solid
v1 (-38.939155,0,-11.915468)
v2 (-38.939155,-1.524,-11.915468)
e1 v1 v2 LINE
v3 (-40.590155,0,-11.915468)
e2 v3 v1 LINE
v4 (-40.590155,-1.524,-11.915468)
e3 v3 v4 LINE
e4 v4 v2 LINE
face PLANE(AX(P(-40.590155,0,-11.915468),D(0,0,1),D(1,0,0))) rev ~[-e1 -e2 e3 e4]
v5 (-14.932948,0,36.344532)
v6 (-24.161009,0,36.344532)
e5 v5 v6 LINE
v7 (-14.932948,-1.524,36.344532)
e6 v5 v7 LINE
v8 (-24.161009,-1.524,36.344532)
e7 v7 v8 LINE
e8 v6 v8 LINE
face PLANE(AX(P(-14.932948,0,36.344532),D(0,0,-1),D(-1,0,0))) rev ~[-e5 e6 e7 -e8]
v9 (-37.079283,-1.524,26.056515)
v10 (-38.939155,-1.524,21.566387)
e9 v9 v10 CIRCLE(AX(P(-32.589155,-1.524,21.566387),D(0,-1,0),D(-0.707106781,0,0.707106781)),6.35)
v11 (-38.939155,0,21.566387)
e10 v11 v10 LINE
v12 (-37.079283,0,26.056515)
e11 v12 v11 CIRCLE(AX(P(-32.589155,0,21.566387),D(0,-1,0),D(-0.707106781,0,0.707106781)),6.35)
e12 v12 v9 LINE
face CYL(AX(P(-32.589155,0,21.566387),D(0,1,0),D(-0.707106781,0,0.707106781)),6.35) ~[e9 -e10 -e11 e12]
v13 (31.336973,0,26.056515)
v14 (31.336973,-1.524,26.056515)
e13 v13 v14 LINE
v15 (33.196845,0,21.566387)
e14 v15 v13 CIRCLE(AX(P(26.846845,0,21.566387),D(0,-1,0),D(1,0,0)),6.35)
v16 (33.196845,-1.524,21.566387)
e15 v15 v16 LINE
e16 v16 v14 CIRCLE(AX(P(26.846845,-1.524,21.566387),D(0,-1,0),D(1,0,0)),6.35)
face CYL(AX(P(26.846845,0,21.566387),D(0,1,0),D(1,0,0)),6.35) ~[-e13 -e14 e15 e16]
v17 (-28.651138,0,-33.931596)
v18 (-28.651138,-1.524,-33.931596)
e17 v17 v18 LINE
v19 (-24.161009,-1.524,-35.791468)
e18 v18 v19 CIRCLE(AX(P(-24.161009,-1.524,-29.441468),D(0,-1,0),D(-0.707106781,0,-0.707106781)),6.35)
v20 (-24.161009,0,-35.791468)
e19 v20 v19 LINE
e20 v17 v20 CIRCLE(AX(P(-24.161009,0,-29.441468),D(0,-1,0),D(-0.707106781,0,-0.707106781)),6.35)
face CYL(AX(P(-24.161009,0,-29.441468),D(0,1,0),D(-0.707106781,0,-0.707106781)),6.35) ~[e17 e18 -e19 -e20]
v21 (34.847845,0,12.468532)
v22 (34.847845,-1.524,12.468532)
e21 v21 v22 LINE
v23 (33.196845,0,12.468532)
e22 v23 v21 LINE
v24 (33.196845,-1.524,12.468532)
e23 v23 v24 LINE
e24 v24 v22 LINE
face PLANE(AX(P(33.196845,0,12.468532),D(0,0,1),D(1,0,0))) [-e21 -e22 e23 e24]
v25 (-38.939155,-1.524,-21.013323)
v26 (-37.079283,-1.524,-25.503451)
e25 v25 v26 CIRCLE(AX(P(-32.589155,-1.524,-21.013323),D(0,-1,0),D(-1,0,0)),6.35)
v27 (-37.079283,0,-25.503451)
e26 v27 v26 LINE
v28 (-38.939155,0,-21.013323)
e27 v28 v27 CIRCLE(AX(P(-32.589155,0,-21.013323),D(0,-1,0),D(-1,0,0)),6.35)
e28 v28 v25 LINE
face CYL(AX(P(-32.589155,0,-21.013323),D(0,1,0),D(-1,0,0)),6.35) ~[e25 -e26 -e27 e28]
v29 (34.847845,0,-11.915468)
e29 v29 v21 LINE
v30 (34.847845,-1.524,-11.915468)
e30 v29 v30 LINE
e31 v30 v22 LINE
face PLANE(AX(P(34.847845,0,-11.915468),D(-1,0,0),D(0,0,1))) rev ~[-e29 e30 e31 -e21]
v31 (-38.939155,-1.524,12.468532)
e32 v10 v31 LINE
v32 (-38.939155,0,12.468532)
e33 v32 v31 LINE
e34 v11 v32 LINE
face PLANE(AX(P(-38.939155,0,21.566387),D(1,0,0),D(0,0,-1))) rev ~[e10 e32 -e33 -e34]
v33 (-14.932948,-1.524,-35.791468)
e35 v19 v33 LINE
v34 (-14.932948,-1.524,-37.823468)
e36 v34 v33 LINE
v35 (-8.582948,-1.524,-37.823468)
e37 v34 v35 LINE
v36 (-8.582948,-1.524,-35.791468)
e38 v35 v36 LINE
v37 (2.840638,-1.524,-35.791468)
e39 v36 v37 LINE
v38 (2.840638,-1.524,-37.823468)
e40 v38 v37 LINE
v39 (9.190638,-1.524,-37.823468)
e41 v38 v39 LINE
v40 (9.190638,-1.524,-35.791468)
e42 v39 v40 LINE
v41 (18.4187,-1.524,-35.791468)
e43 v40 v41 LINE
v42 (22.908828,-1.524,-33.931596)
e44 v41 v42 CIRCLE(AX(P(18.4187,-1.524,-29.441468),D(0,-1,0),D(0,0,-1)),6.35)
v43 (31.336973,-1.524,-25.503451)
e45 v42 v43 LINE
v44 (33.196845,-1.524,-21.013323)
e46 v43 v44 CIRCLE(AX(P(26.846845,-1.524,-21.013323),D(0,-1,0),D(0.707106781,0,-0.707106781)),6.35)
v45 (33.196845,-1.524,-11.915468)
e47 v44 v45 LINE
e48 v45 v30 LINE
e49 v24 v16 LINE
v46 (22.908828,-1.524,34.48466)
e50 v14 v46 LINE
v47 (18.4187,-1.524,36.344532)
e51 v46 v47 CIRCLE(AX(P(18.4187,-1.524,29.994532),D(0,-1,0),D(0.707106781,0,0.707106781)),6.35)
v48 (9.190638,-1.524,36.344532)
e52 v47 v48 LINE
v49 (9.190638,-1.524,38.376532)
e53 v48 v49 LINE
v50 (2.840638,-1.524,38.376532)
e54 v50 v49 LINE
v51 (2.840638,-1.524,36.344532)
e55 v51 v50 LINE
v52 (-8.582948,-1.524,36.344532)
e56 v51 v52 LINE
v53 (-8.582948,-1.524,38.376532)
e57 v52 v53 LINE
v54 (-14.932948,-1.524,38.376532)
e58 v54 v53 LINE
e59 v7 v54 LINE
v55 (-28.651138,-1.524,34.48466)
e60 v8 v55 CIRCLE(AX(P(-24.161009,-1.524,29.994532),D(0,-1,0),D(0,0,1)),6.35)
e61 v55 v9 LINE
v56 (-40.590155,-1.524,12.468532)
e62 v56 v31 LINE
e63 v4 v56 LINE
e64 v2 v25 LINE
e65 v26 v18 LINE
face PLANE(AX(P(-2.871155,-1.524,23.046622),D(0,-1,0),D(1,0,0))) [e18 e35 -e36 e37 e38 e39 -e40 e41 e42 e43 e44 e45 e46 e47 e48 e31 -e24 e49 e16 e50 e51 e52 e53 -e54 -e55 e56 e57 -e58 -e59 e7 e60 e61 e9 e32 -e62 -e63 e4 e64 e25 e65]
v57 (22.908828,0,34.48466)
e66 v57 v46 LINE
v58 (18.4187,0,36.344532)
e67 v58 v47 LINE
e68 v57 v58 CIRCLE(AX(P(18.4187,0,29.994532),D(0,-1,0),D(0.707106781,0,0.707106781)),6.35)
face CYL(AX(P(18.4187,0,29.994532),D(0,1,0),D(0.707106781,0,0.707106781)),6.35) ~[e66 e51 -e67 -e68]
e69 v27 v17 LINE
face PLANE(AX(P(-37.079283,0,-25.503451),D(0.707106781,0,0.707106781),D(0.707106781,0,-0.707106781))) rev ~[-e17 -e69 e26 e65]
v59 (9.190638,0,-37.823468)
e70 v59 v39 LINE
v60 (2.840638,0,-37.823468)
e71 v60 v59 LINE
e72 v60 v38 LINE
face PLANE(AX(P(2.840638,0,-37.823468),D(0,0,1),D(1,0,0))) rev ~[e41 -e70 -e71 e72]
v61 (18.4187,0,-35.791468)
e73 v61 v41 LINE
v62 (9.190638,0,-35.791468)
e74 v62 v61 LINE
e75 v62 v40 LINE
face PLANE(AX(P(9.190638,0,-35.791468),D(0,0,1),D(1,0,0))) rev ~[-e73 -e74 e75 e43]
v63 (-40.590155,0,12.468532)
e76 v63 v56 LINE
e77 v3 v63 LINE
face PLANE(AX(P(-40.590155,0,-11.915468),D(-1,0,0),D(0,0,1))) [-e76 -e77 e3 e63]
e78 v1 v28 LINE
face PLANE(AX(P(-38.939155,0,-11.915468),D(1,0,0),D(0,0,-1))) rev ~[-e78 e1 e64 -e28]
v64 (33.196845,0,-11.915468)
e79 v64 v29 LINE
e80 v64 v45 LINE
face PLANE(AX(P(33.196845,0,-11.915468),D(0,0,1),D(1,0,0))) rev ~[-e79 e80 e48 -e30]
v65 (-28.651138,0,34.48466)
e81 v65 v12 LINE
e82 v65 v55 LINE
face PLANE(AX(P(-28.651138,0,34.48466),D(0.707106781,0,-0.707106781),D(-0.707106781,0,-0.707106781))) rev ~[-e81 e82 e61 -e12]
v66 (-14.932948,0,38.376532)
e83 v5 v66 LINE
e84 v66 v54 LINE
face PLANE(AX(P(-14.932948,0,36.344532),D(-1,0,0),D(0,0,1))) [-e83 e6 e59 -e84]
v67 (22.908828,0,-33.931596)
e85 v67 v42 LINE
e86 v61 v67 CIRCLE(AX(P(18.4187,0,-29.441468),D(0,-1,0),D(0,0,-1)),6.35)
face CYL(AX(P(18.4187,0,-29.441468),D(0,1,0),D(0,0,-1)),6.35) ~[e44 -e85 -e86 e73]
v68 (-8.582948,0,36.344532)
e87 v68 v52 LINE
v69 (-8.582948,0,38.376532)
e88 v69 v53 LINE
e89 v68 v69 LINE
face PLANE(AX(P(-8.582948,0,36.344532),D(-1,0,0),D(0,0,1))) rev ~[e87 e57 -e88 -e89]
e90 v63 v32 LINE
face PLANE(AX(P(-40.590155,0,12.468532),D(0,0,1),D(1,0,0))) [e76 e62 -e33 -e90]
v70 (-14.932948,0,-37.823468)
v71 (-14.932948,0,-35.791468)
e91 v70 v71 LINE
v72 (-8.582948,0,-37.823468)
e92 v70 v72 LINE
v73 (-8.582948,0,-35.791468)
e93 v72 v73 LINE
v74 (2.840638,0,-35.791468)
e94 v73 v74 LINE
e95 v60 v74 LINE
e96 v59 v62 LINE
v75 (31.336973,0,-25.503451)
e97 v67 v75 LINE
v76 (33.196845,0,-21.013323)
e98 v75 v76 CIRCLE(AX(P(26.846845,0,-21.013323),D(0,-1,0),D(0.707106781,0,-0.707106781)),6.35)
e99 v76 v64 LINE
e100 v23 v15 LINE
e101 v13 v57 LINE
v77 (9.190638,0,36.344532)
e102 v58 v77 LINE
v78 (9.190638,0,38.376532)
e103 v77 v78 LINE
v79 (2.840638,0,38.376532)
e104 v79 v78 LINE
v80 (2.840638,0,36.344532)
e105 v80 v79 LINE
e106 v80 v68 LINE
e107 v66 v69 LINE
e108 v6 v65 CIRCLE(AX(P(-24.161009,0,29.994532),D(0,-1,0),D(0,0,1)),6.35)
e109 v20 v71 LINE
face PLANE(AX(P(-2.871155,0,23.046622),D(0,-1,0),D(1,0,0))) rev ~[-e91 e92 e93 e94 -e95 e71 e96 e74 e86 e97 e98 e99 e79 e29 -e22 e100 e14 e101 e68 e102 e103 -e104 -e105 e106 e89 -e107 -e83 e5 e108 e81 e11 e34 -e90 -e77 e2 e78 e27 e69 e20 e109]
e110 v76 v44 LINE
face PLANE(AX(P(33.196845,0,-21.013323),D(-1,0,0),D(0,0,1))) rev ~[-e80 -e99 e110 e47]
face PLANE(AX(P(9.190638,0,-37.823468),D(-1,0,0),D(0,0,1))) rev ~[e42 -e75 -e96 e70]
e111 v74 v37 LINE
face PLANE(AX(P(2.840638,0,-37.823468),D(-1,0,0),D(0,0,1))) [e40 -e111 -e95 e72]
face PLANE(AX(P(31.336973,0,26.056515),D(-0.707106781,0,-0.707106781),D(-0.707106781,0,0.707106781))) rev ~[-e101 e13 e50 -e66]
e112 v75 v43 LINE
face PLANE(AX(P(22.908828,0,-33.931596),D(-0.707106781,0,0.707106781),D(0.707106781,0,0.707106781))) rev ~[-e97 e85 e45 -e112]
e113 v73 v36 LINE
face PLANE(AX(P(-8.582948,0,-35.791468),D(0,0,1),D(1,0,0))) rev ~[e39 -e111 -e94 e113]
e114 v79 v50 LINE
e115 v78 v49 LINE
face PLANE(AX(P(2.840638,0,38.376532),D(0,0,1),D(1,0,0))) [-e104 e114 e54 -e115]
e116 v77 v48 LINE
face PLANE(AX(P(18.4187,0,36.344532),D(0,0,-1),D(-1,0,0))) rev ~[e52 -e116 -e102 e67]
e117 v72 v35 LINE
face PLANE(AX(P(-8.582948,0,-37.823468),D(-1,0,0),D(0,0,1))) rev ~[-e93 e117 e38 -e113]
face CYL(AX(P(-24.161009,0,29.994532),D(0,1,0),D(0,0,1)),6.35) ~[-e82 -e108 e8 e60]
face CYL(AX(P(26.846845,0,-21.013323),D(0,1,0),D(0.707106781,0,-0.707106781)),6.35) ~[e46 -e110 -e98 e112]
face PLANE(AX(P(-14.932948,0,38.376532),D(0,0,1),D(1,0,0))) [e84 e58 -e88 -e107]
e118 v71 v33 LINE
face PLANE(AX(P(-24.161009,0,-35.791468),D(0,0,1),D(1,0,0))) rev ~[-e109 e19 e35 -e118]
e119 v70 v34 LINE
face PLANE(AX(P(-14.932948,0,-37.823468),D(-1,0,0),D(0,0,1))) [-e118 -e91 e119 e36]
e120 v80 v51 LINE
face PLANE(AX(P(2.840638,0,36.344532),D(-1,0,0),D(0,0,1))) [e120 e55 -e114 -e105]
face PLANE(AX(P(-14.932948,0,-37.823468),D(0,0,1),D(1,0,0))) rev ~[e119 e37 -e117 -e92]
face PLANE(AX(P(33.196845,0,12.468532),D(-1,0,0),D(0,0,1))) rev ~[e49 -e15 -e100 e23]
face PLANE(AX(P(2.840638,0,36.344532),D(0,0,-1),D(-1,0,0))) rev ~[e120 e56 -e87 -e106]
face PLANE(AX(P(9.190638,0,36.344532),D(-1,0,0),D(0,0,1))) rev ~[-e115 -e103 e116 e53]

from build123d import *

# Parameters (mm, degrees)
F0_W     = 6.35
F0_H     = 2.032
F0_W_2   = 72.136
F0_H_2   = 24.384
F0_W_3   = 1.651
F1_DEPTH = 1.524


with BuildPart() as f1:
    # F0 (on Front) → F1 (new body)
    with BuildSketch(Plane.XZ):
        with BuildLine():
            Line((18.418700083, 36.344532257), (9.1906381628, 36.344532257))
            Line((9.1906381628, 36.344532257), (2.8406381628, 36.344532257))
            Line((2.8406381628, 36.344532257), (-8.5829475322, 36.344532257))
            Line((-8.5829475322, 36.344532257), (-14.9329475322, 36.344532257))
            Line((-14.9329475322, 36.344532257), (-24.1610094524, 36.344532257))
            ThreePointArc((-24.1610094524, 36.344532257), (-26.5910492479, 35.8611672884), (-28.6511375129, 34.4846603175))
            Line((-28.6511375129, 34.4846603175), (-37.0792827452, 26.0565150852))
            ThreePointArc((-37.0792827452, 26.0565150852), (-38.4557897162, 23.9964268202), (-38.9391546847, 21.5663870246))
            Line((-38.9391546847, 21.5663870246), (-38.9391546847, 12.468532257))
            Line((-38.9391546847, 12.468532257), (33.1968453153, 12.468532257))
            Line((33.1968453153, 12.468532257), (33.1968453153, 21.5663870246))
            ThreePointArc((33.1968453153, 21.5663870246), (32.7134803467, 23.9964268202), (31.3369733758, 26.0565150852))
            Line((31.3369733758, 26.0565150852), (22.9088281435, 34.4846603175))
            ThreePointArc((22.9088281435, 34.4846603175), (20.8487398785, 35.8611672884), (18.418700083, 36.344532257))
        make_face()
        with Locations((-11.7579475322, 37.360532257)):
            Rectangle(F0_W, F0_H)
        with Locations((6.0156381628, 37.360532257)):
            Rectangle(F0_W, F0_H)
        with Locations((-11.7579475322, -36.807467743)):
            Rectangle(F0_W, F0_H)
        with Locations((6.0156381628, -36.807467743)):
            Rectangle(F0_W, F0_H)
        with BuildLine():
            Line((33.1968453153, -21.0133225107), (33.1968453153, -11.915467743))
            Line((33.1968453153, -11.915467743), (-38.9391546847, -11.915467743))
            Line((-38.9391546847, -11.915467743), (-38.9391546847, -21.0133225107))
            ThreePointArc((-38.9391546847, -21.0133225107), (-38.4557897162, -23.4433623062), (-37.0792827452, -25.5034505712))
            Line((-37.0792827452, -25.5034505712), (-28.6511375129, -33.9315958036))
            ThreePointArc((-28.6511375129, -33.9315958036), (-26.5910492479, -35.3081027745), (-24.1610094524, -35.791467743))
            Line((-24.1610094524, -35.791467743), (-14.9329475322, -35.791467743))
            Line((-14.9329475322, -35.791467743), (-8.5829475322, -35.791467743))
            Line((-8.5829475322, -35.791467743), (2.8406381628, -35.791467743))
            Line((2.8406381628, -35.791467743), (9.1906381628, -35.791467743))
            Line((9.1906381628, -35.791467743), (18.418700083, -35.791467743))
            ThreePointArc((18.418700083, -35.791467743), (20.8487398785, -35.3081027745), (22.9088281435, -33.9315958036))
            Line((22.9088281435, -33.9315958036), (31.3369733758, -25.5034505712))
            ThreePointArc((31.3369733758, -25.5034505712), (32.7134803467, -23.4433623062), (33.1968453153, -21.0133225107))
        make_face()
        with Locations((-2.8711546847, 0.276532257)):
            Rectangle(F0_W_2, F0_H_2)
        with Locations((-39.7646546847, 0.276532257)):
            Rectangle(F0_W_3, F0_H_2)
        with Locations((34.0223453153, 0.276532257)):
            Rectangle(F0_W_3, F0_H_2)
    extrude(amount=F1_DEPTH)


solid = f1.part
